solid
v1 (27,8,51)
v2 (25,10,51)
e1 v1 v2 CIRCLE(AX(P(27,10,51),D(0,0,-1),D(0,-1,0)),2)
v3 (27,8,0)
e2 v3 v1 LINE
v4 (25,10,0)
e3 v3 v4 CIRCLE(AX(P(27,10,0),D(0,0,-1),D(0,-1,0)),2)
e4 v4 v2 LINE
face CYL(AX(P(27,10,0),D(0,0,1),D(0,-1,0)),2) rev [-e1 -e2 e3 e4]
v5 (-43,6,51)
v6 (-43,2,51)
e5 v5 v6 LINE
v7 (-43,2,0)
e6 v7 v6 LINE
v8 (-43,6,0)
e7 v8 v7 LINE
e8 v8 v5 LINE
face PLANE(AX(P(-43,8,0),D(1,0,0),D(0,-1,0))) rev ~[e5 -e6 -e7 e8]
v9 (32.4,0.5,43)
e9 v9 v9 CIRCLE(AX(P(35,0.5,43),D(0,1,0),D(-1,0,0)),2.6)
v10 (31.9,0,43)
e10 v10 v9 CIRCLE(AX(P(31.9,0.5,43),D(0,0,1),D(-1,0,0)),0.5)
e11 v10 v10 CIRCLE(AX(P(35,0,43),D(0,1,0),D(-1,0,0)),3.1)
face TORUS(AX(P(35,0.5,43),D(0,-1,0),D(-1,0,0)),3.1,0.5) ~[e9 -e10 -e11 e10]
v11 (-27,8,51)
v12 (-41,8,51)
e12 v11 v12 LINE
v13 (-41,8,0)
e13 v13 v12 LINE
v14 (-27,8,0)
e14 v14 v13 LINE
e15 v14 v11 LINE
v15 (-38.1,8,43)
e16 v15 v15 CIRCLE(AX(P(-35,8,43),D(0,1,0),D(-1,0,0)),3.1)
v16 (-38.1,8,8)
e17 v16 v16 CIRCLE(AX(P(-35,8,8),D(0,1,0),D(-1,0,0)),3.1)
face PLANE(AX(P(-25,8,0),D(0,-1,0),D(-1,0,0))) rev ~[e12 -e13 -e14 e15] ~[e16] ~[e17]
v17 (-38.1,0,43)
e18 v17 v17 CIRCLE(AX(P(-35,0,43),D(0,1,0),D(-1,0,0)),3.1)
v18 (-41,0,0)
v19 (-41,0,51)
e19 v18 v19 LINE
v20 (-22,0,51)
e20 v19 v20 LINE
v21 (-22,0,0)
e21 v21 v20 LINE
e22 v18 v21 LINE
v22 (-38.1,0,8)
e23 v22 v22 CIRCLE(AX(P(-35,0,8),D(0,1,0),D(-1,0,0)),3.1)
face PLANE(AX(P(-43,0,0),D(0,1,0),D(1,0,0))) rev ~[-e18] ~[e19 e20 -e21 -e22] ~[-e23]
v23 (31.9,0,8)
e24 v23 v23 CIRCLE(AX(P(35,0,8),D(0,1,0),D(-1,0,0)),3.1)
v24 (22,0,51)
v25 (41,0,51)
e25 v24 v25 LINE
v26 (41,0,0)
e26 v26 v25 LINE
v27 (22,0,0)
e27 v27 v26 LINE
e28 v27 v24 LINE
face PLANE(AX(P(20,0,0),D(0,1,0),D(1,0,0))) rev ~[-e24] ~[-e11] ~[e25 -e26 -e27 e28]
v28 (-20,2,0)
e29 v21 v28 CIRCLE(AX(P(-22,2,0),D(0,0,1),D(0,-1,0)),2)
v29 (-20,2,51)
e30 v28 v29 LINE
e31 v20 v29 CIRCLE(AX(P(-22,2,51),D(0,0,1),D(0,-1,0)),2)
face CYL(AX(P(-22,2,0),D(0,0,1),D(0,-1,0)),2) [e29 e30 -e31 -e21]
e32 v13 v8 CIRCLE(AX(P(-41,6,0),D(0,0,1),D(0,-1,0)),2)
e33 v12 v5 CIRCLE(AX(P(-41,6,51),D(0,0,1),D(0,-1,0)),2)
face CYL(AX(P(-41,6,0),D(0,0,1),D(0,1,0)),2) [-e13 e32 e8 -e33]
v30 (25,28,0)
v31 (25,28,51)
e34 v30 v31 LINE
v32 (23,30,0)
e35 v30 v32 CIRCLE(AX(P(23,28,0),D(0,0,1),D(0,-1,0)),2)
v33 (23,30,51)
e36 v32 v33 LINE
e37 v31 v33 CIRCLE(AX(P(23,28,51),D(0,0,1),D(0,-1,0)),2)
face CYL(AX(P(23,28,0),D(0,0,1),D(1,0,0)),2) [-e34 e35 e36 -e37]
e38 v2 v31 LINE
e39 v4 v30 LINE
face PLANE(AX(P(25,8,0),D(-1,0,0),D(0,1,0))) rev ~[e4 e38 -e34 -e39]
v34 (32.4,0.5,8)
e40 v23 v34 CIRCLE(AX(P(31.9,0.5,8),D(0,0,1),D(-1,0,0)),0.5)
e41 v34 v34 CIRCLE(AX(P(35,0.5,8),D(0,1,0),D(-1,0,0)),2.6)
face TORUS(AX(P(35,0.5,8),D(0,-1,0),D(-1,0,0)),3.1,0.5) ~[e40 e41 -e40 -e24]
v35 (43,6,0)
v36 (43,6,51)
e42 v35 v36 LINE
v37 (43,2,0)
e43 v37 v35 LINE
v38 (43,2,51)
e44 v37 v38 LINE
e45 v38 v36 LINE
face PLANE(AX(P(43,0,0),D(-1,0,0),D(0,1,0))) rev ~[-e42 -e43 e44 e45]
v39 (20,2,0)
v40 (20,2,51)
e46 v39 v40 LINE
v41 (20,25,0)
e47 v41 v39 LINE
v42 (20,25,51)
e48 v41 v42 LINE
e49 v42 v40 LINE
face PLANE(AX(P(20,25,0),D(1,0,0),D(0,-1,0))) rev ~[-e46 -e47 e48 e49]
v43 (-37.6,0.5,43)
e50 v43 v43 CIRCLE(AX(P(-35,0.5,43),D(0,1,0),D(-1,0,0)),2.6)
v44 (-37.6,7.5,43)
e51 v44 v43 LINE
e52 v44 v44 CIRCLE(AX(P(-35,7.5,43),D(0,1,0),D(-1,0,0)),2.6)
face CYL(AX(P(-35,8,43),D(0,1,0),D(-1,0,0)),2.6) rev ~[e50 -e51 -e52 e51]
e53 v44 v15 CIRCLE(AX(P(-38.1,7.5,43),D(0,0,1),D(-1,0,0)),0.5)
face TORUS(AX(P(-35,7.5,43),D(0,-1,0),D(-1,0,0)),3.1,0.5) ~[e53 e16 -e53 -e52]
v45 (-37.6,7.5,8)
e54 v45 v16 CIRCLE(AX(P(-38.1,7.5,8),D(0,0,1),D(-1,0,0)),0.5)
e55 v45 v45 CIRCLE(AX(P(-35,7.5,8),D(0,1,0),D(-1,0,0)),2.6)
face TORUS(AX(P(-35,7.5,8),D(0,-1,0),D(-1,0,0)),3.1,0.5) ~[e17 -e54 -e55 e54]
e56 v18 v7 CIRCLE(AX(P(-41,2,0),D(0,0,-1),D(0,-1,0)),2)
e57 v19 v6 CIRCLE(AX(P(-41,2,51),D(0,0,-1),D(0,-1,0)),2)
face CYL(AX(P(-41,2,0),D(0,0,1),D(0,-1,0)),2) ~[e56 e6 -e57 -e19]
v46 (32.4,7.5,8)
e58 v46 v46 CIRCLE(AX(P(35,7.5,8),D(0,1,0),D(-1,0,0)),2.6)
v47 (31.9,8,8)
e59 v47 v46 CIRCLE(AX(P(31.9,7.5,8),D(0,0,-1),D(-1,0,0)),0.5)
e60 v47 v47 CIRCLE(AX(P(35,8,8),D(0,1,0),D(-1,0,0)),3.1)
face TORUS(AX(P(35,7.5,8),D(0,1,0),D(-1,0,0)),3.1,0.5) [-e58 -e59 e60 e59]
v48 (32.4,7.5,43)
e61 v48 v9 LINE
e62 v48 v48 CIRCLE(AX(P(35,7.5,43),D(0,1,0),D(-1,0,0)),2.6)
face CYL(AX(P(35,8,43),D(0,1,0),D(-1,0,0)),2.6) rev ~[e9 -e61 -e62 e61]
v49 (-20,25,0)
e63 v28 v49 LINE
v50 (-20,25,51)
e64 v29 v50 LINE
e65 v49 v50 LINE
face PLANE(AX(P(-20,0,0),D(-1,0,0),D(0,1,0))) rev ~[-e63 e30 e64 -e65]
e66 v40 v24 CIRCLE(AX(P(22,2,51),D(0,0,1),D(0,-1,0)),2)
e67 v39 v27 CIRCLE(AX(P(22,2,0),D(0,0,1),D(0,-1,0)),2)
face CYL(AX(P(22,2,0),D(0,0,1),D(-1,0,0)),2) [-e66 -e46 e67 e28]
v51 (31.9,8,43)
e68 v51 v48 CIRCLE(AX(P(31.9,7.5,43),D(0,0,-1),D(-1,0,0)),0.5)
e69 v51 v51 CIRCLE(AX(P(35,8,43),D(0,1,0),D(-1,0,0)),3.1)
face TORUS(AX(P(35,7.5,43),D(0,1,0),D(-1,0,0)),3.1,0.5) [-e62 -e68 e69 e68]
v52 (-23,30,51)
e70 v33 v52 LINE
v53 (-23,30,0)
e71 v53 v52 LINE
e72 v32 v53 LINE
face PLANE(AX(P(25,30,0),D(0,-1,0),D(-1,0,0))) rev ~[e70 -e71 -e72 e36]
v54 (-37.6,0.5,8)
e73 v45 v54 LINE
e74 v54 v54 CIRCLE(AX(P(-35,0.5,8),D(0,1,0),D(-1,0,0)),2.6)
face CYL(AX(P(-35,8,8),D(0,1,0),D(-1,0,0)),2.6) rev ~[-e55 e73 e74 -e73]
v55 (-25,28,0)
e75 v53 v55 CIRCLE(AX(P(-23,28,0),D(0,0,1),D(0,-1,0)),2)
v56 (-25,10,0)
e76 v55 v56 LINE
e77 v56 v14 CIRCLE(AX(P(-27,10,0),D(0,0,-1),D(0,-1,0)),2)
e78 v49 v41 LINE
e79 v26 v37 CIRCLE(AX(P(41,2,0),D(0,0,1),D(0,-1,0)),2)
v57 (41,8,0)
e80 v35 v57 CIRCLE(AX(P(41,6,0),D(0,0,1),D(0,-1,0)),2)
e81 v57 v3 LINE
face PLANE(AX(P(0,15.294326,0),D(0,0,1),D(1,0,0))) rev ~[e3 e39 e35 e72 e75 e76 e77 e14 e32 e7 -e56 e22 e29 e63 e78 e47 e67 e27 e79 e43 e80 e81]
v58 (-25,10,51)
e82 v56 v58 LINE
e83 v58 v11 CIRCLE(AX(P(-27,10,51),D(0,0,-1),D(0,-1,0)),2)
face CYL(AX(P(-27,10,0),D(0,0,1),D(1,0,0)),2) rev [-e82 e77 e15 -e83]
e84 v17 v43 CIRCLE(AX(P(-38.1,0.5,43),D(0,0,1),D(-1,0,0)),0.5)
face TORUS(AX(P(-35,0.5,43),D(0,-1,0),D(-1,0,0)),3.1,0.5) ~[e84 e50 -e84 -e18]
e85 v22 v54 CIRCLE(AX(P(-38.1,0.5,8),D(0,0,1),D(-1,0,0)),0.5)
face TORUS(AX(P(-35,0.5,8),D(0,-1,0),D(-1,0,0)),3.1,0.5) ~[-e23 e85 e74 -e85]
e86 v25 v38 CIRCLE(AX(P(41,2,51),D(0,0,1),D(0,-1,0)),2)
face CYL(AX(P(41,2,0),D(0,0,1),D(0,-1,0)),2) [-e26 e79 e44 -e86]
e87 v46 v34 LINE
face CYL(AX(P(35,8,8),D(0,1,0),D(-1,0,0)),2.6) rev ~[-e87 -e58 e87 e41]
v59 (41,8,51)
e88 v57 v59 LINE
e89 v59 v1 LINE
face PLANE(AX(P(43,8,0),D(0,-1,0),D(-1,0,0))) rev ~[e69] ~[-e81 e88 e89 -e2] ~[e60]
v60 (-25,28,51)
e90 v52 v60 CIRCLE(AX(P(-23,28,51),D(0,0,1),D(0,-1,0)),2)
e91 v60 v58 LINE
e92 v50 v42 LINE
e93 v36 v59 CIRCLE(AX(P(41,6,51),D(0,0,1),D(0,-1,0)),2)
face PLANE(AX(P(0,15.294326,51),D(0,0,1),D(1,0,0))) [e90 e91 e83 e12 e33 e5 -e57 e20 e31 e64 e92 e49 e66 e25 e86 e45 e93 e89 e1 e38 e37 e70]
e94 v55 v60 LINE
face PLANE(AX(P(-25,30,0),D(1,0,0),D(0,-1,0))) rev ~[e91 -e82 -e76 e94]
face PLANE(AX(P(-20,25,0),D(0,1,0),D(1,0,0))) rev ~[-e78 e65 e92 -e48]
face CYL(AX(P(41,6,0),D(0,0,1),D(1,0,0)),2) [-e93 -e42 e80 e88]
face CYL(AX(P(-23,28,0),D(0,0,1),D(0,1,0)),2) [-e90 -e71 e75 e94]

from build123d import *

# Parameters (mm, degrees)
F1_DEPTH = 51
F3_R     = 2
F2_R     = 2.6
F4_DEPTH = 8
F5_R     = 0.5


with BuildPart() as f1:
    # F0 (on Top) → F1 (new body)
    with BuildSketch(Plane.XY):
        Polygon((-43, 0), (-20, 0), (-20, 25), (0, 25), (20, 25), (20, 0), (43, 0), (43, 8), (25, 8), (25, 30), (0, 30), (-25, 30), (-25, 8), (-43, 8), align=None)
    extrude(amount=F1_DEPTH)

    # F3
    f3_edges = [f1.edges().sort_by_distance(p)[0] for p in [
        (-25, 8, 25.5),
        (25, 8, 25.5),
        (43, 8, 25.5),
        (43, 0, 25.5),
        (-43, 8, 25.5),
        (-43, 0, 25.5),
        (-20, 0, 25.5),
        (20, 0, 25.5),
        (-25, 30, 25.5),
        (25, 30, 25.5),
    ]]
    fillet(f3_edges, radius=F3_R)

    # F2 (on face) → F4 (cut, through all)
    with BuildSketch(Plane(origin=(0, 8, 0), x_dir=(-1, 0, 0), z_dir=(0, 1, 0))):
        with Locations((35, 8)):
            Circle(F2_R)
        with Locations((35, 43)):
            Circle(F2_R)
        with Locations((-35, 8)):
            Circle(F2_R)
        with Locations((-35, 43)):
            Circle(F2_R)
    extrude(amount=-F4_DEPTH, mode=Mode.SUBTRACT)

    # F5
    f5_edges = [f1.edges().sort_by_distance(p)[0] for p in [
        (-37.6, 4, 43),
        (-32.4, 8, 43),
        (-32.4, 0, 43),
        (-37.6, 4, 8),
        (-32.4, 8, 8),
        (-32.4, 0, 8),
        (32.4, 4, 8),
        (37.6, 8, 8),
        (37.6, 0, 8),
        (32.4, 4, 43),
        (37.6, 8, 43),
        (37.6, 0, 43),
    ]]
    fillet(f5_edges, radius=F5_R)


solid = f1.part
